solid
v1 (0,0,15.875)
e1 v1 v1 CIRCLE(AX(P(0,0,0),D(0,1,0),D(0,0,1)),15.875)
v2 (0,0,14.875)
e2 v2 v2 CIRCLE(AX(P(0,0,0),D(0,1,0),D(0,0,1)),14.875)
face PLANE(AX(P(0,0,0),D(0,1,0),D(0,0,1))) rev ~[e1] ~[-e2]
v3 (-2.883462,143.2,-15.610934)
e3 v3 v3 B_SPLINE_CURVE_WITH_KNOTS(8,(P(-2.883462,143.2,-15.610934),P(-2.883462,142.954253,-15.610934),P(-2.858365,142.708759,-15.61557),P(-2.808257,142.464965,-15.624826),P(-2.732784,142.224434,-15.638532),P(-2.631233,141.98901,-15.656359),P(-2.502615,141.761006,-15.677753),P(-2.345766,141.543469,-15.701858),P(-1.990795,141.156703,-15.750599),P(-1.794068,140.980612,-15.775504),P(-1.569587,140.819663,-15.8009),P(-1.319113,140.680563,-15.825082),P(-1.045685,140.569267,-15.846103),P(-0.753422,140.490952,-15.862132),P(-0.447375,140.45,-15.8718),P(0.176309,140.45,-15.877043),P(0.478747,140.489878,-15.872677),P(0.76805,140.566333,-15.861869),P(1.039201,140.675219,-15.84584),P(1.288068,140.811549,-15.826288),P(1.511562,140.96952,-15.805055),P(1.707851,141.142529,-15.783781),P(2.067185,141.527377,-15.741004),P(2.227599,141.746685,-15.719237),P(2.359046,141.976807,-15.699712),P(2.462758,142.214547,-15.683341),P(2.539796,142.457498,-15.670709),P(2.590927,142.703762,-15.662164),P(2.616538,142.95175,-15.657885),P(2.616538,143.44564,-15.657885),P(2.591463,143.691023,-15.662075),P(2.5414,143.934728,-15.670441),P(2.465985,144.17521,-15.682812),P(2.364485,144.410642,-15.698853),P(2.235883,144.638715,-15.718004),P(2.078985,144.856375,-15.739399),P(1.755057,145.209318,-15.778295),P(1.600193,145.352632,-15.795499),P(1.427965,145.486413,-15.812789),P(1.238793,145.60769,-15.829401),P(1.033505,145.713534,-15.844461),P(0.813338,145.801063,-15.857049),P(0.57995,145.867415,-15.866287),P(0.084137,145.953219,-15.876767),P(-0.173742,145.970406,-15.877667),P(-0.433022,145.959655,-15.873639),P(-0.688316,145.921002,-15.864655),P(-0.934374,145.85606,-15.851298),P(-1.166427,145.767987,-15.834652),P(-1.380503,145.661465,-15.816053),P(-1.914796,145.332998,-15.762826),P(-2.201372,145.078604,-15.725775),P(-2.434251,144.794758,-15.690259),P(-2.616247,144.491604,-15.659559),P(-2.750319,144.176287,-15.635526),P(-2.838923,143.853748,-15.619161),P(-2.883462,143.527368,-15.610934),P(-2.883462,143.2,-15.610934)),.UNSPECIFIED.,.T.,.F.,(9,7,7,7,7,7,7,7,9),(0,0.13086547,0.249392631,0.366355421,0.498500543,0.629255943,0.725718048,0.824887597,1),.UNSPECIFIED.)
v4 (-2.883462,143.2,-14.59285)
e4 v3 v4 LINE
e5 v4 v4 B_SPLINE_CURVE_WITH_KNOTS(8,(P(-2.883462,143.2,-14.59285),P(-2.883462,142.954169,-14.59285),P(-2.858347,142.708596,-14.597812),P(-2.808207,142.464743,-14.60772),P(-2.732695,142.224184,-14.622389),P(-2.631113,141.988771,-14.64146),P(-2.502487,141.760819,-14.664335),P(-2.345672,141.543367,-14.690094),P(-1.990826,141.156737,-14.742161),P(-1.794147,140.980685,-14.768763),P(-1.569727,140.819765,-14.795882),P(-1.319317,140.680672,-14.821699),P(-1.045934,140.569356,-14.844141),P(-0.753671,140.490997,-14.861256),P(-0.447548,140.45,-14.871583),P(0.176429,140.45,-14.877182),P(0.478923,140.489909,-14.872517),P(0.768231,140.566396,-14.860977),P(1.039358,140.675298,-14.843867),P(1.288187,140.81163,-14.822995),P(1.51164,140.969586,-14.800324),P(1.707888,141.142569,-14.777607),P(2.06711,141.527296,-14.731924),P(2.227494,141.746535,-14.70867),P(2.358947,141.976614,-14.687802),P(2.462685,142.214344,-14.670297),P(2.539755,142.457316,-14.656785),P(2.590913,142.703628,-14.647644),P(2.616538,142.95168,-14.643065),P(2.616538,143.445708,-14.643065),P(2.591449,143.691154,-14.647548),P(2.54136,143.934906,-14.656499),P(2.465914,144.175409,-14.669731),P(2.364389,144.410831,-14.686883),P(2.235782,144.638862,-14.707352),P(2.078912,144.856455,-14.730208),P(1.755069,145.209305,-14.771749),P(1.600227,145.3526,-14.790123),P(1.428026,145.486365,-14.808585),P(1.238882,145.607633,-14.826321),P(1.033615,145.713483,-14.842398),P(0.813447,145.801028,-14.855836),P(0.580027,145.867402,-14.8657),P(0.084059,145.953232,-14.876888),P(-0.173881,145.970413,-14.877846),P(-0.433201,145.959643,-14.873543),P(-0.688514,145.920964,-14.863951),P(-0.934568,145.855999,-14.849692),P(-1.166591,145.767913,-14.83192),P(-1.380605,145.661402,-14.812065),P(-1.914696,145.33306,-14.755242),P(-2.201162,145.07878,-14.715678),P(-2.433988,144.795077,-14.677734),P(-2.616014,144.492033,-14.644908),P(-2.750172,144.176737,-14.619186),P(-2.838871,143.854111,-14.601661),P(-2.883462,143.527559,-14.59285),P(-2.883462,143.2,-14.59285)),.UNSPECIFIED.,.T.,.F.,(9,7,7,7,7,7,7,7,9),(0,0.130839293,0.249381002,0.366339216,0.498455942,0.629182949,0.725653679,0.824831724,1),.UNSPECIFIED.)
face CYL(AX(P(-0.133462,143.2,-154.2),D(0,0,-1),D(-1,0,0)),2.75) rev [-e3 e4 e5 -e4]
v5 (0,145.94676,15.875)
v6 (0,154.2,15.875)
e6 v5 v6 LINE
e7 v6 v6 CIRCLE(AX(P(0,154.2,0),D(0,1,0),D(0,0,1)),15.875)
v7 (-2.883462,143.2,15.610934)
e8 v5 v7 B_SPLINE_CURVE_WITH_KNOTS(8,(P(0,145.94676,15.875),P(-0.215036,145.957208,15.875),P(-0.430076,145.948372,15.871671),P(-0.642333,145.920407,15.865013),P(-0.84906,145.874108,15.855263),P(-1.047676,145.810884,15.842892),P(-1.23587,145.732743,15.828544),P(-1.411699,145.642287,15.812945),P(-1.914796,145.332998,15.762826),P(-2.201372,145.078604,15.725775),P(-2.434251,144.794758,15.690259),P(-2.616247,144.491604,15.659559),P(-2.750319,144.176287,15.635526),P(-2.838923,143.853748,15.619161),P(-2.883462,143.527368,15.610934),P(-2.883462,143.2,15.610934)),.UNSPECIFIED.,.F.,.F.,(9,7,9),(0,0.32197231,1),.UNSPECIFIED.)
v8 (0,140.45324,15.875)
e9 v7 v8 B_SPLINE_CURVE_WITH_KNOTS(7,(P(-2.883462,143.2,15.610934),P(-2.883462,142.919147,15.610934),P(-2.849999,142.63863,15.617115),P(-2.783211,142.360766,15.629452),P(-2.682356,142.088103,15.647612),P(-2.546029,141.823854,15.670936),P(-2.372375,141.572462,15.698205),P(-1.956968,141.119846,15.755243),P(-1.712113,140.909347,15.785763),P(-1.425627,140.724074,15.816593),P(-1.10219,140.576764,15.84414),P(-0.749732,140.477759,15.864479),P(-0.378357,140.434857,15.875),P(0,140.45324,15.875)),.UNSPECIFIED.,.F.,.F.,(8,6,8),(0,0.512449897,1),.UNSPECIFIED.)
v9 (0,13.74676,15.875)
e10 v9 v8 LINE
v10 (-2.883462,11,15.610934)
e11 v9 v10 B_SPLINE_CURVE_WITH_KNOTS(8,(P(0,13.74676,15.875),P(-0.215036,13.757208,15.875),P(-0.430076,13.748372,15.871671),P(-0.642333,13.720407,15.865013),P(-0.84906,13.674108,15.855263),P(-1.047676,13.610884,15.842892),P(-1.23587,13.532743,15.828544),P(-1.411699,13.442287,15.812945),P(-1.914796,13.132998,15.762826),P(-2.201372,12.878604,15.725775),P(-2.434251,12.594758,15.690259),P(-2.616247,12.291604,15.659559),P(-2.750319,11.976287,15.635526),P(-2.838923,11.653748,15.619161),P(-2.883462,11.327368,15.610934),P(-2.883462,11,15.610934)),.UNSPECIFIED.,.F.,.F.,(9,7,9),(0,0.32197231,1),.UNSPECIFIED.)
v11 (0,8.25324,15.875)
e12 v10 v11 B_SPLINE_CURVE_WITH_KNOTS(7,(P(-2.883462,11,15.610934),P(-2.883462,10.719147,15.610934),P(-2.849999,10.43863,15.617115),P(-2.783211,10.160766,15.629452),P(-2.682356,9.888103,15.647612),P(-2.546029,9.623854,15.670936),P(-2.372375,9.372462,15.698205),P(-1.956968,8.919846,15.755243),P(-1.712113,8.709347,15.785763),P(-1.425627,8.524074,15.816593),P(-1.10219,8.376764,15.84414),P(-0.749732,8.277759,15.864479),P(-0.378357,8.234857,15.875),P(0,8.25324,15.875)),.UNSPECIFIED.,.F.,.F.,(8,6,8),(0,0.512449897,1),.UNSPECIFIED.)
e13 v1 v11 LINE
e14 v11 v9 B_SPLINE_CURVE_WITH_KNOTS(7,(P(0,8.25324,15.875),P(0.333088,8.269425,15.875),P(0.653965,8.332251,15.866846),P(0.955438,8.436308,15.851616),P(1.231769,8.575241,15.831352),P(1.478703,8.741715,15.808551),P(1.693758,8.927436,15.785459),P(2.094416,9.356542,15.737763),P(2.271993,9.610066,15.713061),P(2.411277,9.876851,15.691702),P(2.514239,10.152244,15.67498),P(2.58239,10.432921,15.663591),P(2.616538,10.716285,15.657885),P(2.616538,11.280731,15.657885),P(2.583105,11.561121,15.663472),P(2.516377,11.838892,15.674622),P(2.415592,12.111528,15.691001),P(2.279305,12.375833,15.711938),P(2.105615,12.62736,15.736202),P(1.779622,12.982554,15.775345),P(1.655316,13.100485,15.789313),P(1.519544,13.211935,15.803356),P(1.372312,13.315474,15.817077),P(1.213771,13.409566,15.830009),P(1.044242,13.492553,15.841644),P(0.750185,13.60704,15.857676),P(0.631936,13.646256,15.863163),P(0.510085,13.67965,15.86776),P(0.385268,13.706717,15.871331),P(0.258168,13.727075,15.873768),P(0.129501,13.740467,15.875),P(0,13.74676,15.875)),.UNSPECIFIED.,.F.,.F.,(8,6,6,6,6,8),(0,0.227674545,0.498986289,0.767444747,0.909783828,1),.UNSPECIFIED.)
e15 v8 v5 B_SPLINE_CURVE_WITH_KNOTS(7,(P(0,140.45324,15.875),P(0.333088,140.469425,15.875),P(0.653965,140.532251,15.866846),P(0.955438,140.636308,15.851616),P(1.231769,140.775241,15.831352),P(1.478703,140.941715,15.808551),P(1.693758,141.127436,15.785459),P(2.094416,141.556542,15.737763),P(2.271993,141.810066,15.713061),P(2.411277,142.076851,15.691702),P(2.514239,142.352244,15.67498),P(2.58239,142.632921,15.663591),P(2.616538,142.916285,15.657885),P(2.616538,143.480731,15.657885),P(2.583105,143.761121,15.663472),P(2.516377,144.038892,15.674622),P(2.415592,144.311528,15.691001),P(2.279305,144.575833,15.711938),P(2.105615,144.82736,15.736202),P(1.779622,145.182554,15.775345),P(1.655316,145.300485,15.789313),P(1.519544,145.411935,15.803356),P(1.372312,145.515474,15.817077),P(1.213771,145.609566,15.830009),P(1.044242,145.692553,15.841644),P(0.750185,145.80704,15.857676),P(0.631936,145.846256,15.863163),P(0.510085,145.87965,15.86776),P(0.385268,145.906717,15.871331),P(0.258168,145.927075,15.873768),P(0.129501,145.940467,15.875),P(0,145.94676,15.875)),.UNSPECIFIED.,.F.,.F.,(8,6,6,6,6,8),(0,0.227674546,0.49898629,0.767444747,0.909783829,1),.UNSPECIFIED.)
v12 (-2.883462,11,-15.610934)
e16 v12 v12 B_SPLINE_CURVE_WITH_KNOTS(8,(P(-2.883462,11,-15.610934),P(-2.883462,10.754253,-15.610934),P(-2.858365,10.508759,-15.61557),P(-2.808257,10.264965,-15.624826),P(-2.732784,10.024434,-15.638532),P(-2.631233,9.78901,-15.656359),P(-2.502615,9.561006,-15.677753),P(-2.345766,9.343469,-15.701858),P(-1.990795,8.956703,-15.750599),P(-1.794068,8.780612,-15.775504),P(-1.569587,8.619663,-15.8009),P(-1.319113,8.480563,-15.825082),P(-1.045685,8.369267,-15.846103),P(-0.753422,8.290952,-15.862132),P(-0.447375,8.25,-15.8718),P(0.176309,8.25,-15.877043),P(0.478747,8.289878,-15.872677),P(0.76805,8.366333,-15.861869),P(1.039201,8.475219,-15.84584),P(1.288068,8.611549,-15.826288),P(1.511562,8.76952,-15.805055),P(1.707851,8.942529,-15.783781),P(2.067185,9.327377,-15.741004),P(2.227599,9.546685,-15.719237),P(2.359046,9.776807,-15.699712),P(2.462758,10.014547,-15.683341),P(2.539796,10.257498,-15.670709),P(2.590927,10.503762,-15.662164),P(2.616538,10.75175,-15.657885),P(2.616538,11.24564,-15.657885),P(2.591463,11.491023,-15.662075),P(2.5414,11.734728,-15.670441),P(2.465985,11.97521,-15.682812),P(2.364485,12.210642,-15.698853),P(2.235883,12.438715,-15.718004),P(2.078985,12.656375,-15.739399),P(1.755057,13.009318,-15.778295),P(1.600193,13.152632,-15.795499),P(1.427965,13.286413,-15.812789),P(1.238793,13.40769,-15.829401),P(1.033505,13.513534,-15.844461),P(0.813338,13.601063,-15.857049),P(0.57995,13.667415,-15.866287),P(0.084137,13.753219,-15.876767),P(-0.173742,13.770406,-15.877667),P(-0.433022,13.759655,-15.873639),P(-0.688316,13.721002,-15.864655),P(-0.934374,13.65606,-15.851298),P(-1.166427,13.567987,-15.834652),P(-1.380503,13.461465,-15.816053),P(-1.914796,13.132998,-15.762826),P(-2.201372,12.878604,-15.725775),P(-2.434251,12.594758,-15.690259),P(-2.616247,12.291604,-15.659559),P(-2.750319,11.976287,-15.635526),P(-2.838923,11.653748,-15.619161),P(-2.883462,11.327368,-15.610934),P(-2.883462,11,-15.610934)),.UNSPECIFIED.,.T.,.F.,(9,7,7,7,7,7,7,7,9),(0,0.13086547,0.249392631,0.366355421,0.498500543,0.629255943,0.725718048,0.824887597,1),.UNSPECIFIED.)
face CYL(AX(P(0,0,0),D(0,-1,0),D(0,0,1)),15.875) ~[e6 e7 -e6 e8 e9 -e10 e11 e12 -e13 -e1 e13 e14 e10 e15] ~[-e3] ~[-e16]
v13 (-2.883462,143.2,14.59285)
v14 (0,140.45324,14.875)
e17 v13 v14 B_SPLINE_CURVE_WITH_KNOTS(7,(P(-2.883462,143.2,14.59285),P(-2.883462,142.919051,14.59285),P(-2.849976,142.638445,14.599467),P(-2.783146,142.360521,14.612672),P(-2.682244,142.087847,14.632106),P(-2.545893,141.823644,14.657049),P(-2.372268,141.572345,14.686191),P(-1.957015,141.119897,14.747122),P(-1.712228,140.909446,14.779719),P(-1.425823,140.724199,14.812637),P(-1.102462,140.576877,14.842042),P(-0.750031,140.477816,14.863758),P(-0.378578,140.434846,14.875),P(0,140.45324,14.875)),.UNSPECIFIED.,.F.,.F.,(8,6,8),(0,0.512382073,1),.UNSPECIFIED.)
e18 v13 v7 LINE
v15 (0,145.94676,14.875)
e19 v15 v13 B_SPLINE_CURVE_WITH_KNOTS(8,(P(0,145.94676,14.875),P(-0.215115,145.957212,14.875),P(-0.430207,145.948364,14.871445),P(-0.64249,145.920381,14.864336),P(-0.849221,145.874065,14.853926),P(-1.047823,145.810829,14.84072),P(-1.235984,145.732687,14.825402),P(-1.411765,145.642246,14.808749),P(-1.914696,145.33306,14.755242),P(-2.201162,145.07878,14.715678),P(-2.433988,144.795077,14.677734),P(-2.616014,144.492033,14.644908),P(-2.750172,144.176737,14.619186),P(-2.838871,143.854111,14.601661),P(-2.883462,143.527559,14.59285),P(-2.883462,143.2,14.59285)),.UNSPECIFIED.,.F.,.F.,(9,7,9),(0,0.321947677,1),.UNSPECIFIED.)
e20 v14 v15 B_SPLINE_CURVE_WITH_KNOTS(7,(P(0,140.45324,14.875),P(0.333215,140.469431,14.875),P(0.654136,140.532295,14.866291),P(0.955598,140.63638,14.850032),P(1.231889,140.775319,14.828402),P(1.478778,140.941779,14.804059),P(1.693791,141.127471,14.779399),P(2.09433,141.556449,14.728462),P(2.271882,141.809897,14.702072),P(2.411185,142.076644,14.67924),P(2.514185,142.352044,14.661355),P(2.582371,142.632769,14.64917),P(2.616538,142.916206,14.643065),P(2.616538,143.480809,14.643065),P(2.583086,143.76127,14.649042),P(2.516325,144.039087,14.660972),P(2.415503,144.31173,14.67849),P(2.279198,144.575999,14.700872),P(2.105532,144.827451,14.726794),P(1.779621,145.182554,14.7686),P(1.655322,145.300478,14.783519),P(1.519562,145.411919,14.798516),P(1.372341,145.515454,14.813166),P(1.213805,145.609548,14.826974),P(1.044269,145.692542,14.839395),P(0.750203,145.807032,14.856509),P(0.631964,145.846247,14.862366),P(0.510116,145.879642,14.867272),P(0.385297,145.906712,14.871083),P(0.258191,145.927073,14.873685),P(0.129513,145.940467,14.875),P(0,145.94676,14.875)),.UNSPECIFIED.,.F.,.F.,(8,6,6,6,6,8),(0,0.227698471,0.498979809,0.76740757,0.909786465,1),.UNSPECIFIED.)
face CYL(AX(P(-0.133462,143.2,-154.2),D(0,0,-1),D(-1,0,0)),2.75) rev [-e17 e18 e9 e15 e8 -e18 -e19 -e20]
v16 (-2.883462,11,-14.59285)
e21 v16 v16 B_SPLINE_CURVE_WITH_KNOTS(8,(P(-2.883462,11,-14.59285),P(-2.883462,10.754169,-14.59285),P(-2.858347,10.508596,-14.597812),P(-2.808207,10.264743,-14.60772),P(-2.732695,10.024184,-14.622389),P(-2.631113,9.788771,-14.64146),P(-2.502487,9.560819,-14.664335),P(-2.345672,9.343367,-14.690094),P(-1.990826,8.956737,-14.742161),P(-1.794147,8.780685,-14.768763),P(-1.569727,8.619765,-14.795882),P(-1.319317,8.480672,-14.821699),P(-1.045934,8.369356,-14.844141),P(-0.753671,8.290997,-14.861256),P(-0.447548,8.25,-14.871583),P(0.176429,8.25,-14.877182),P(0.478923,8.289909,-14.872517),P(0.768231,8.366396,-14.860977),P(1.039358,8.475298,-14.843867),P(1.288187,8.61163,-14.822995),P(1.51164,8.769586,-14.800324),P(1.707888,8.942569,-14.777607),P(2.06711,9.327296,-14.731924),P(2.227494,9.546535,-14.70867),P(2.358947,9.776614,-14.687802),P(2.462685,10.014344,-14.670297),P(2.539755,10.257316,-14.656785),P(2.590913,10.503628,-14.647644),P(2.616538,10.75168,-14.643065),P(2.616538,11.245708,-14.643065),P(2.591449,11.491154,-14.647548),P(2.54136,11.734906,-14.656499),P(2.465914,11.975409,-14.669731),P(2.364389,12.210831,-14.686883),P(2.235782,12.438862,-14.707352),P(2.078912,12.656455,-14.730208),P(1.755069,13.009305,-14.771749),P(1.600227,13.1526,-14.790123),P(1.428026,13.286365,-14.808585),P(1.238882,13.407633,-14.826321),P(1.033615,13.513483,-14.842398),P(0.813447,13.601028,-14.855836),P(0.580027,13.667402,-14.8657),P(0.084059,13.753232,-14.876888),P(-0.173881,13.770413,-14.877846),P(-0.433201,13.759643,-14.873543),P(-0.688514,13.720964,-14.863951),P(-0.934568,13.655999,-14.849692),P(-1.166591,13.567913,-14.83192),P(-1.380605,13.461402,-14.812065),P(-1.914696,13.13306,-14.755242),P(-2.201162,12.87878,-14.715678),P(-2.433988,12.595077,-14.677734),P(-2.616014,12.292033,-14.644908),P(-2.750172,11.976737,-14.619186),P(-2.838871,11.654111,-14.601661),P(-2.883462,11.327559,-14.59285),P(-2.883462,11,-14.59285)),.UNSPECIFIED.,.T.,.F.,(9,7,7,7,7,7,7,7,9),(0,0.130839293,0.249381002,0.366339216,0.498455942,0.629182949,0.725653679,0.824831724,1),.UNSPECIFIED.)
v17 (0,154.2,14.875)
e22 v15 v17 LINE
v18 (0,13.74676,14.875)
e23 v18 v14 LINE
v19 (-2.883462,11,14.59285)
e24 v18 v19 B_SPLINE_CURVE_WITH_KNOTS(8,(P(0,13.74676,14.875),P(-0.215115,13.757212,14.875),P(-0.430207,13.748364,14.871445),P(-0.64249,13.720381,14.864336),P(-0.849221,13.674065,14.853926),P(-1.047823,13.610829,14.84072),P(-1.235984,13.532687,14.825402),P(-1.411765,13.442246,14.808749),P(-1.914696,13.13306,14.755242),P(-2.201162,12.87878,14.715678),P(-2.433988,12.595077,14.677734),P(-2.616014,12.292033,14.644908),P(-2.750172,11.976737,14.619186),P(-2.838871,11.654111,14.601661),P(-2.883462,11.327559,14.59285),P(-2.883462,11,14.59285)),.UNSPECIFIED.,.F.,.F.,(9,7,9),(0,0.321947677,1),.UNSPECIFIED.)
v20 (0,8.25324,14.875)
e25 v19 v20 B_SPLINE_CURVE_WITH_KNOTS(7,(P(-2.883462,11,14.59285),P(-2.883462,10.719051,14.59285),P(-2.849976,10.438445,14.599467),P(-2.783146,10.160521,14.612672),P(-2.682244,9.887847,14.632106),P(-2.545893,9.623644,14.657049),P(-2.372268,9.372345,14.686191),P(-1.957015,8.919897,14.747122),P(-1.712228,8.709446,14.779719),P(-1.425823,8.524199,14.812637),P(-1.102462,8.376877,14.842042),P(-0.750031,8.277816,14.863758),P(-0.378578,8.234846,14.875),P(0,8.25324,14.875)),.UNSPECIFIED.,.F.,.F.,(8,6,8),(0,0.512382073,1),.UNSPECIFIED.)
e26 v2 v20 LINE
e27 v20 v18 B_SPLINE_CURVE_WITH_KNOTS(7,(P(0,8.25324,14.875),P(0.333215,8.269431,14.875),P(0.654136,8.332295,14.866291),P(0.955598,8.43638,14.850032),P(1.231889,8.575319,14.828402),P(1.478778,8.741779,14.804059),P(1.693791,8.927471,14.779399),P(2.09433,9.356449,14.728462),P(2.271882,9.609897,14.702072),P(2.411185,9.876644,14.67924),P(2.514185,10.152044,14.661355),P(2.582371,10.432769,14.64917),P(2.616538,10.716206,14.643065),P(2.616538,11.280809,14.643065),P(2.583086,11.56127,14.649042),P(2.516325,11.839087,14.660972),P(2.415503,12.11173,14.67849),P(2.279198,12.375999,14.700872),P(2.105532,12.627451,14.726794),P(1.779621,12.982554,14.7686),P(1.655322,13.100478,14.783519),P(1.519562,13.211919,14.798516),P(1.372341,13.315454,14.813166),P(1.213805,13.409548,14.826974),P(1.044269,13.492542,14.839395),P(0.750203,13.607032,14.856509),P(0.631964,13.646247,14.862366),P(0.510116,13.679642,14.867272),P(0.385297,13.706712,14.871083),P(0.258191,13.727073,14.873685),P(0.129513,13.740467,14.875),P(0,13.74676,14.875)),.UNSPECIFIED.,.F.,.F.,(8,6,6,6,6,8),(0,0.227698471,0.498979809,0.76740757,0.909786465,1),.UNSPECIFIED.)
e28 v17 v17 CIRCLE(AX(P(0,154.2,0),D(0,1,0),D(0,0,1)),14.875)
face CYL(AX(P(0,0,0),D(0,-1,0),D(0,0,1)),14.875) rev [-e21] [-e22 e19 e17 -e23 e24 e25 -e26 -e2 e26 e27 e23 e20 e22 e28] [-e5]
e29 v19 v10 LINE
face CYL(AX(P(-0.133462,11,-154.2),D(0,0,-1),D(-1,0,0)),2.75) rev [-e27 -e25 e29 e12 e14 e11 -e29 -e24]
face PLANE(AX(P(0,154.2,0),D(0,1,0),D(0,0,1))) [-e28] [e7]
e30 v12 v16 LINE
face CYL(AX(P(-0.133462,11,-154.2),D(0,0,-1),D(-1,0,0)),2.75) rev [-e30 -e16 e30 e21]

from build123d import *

# Parameters (mm, degrees)
SKETCH1_R               = 15.875
SKETCH1_R_2             = 14.875
BOSS_EXTRUDE1_DEPTH     = 154.2
CUT_EXTRUDE1_DEPTH      = 154.2
CUT_EXTRUDE1_DEPTH_BACK = 154.2
SKETCH2_R               = 2.75


with BuildPart() as part:
    # Sketch1 → Boss-Extrude1 (new body)
    with BuildSketch(Plane(origin=(0, 0, 0), x_dir=(1, 0, 0), z_dir=(0, 1, 0))):
        Circle(SKETCH1_R)
        Circle(SKETCH1_R_2, mode=Mode.SUBTRACT)
    extrude(amount=BOSS_EXTRUDE1_DEPTH)

    # Sketch2 → Cut-Extrude1 (cut, two sides: drawn at the far end of the back side and taken through both)
    with BuildSketch(Plane.XY.offset(-CUT_EXTRUDE1_DEPTH_BACK)):
        with Locations((-0.133461596, 143.2)):
            Circle(SKETCH2_R)
        with Locations((-0.133461596, 11)):
            Circle(SKETCH2_R)
    extrude(amount=CUT_EXTRUDE1_DEPTH + CUT_EXTRUDE1_DEPTH_BACK, mode=Mode.SUBTRACT)


solid = part.part
